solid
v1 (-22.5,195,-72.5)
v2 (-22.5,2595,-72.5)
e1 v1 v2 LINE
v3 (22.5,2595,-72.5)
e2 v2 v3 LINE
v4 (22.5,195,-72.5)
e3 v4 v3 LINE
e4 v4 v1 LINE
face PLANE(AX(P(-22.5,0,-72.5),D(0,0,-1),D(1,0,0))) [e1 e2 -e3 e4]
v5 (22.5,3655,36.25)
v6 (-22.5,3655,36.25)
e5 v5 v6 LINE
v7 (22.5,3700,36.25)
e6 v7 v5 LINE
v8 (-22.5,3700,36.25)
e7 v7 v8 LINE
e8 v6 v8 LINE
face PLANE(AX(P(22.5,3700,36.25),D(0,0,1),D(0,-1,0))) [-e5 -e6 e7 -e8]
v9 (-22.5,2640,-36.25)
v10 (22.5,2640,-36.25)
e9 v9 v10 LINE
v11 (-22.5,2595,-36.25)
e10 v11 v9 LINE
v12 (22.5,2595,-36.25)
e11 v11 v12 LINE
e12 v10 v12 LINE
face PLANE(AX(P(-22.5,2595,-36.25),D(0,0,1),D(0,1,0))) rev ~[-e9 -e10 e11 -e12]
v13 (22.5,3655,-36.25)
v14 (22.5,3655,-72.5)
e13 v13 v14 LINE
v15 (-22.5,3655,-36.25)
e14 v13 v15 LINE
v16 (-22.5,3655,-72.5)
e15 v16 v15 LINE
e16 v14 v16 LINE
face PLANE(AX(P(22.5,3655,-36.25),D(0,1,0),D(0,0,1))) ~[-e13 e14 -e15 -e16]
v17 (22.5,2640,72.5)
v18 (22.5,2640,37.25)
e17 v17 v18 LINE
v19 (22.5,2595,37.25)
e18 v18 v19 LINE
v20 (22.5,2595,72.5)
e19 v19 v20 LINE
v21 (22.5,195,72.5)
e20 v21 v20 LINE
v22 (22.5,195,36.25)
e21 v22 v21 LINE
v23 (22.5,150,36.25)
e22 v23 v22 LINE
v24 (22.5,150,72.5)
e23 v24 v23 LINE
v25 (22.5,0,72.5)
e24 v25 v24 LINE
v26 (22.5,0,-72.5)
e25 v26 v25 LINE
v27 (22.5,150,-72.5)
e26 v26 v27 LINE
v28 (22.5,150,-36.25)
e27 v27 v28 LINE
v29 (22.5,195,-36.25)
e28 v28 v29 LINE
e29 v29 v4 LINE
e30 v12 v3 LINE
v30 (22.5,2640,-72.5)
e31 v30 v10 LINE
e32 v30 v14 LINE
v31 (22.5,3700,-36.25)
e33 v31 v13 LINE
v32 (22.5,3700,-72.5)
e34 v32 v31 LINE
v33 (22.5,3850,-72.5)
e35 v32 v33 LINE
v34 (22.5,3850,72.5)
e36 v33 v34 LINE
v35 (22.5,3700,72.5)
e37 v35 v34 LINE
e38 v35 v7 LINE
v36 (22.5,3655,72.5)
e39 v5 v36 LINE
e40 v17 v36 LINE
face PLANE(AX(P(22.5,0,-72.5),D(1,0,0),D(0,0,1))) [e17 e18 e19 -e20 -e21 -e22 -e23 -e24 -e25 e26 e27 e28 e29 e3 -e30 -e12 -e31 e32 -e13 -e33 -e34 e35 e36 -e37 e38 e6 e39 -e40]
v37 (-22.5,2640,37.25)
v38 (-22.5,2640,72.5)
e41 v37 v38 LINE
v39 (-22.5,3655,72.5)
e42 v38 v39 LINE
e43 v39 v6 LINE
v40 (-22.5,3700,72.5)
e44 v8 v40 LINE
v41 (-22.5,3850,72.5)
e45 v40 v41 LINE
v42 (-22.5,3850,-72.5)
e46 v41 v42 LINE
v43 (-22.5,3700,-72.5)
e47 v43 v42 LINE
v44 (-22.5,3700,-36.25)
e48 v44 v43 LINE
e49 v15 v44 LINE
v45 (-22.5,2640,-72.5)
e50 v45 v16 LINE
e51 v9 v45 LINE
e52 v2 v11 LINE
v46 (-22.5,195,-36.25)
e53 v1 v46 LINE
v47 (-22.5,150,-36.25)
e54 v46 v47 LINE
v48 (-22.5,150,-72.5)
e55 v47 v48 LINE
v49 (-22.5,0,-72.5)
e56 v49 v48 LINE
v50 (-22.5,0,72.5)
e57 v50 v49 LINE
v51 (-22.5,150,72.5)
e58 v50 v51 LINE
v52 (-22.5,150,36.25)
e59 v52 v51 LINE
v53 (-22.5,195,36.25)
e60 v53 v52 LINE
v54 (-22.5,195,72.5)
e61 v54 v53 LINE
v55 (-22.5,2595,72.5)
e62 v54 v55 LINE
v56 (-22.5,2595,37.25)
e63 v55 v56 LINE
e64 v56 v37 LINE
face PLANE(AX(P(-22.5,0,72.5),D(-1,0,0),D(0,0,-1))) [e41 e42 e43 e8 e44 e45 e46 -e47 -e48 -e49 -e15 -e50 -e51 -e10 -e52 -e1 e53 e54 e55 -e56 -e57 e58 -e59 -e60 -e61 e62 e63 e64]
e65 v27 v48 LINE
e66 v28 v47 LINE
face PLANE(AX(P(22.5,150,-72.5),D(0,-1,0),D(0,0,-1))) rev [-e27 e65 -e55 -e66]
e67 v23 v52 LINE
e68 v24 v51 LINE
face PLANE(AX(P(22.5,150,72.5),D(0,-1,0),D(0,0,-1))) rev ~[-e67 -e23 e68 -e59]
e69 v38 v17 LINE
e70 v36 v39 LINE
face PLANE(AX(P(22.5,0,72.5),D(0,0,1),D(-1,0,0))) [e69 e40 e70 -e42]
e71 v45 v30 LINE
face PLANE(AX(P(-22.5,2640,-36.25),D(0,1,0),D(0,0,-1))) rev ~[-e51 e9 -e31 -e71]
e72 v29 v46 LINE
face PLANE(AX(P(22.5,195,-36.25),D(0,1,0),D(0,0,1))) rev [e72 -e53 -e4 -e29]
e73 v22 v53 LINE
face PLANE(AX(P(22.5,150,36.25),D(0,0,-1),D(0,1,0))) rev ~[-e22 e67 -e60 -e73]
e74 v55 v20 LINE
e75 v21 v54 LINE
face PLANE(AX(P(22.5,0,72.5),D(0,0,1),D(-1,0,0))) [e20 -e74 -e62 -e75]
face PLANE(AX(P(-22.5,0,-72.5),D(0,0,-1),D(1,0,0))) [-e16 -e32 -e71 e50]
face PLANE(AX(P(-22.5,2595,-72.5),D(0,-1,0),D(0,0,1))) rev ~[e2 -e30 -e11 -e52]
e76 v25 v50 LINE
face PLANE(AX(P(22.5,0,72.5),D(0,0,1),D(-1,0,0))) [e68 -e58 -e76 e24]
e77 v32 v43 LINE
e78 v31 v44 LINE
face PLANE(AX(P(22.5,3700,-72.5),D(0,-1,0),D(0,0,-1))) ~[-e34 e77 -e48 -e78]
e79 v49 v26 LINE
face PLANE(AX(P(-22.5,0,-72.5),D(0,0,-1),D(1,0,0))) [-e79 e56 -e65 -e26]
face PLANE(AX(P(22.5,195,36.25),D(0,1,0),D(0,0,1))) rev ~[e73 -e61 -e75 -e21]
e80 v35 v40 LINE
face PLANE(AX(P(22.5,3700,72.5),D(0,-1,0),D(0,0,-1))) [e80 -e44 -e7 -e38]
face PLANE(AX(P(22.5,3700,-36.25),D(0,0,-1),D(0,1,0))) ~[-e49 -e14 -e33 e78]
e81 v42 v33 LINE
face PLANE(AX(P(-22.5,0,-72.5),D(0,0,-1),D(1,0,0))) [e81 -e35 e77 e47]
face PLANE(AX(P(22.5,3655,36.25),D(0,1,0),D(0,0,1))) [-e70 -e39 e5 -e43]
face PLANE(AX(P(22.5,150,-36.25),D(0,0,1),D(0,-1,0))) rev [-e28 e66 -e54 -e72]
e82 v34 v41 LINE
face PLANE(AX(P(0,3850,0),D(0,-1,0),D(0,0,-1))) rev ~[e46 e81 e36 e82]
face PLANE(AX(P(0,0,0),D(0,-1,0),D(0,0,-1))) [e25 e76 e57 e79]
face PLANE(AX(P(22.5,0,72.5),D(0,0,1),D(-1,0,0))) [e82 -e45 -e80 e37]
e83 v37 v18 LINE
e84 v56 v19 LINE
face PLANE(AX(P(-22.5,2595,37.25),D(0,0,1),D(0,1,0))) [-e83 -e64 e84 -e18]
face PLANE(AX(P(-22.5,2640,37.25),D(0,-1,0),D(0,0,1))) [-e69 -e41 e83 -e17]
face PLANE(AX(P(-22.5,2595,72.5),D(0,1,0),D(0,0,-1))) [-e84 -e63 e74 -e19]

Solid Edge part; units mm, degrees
sketch "Sketch1" plane through (0, 0, 0) normal (0, -1, 0) x (1, 0, 0)
  line L0 (-22.5, -72.5) -> (22.5, -72.5)
  line L1 (22.5, -72.5) -> (22.5, 72.5)
  line L2 (22.5, 72.5) -> (-22.5, 72.5)
  line L3 (-22.5, 72.5) -> (-22.5, -72.5)
extrude "Protrusion1" add sketch "Sketch1" against normal blind 3850
sketch "Sketch2" plane through (22.5, 1925, 0) normal (1, 0, 0) x (0, 1, 0)
  line L0 (1775, 72.5) -> (1775, 36.25)
  line L1 (1775, 36.25) -> (1730, 36.25)
  line L2 (1730, 36.25) -> (1730, 72.5)
  line L3 (1730, 72.5) -> (1775, 72.5)
  line L4 (-1775, 72.5) -> (-1775, 36.25)
  line L5 (-1775, 36.25) -> (-1730, 36.25)
  line L6 (-1730, 36.25) -> (-1730, 72.5)
  line L7 (-1730, 72.5) -> (-1775, 72.5)
extrude "ExtrudedCutout_1" cut sketch "Sketch2" against normal blind 86.6929
mirror "Mirror1" about plane through (0, 0, 0) normal (0, 0, -1) of "ExtrudedCutout_1"
sketch "Sketch3" plane through (-22.5, 1925, 0) normal (-1, 0, 0) x (0, -1, 0)
  line L0 (-670, 72.5) -> (-715, 72.5)
  line L1 (-715, 37.25) -> (-715, 72.5)
  line L2 (-670, 37.25) -> (-715, 37.25)
  line L3 (-670, 72.5) -> (-670, 37.25)
  line L4 (-715, -72.5) -> (-670, -72.5)
  line L5 (-670, -72.5) -> (-670, -36.25)
  line L6 (-670, -36.25) -> (-715, -36.25)
  line L7 (-715, -36.25) -> (-715, -72.5)
extrude "ExtrudedCutout_2" cut sketch "Sketch3" against normal blind 78.7482
properties material "Wood, Pine"
